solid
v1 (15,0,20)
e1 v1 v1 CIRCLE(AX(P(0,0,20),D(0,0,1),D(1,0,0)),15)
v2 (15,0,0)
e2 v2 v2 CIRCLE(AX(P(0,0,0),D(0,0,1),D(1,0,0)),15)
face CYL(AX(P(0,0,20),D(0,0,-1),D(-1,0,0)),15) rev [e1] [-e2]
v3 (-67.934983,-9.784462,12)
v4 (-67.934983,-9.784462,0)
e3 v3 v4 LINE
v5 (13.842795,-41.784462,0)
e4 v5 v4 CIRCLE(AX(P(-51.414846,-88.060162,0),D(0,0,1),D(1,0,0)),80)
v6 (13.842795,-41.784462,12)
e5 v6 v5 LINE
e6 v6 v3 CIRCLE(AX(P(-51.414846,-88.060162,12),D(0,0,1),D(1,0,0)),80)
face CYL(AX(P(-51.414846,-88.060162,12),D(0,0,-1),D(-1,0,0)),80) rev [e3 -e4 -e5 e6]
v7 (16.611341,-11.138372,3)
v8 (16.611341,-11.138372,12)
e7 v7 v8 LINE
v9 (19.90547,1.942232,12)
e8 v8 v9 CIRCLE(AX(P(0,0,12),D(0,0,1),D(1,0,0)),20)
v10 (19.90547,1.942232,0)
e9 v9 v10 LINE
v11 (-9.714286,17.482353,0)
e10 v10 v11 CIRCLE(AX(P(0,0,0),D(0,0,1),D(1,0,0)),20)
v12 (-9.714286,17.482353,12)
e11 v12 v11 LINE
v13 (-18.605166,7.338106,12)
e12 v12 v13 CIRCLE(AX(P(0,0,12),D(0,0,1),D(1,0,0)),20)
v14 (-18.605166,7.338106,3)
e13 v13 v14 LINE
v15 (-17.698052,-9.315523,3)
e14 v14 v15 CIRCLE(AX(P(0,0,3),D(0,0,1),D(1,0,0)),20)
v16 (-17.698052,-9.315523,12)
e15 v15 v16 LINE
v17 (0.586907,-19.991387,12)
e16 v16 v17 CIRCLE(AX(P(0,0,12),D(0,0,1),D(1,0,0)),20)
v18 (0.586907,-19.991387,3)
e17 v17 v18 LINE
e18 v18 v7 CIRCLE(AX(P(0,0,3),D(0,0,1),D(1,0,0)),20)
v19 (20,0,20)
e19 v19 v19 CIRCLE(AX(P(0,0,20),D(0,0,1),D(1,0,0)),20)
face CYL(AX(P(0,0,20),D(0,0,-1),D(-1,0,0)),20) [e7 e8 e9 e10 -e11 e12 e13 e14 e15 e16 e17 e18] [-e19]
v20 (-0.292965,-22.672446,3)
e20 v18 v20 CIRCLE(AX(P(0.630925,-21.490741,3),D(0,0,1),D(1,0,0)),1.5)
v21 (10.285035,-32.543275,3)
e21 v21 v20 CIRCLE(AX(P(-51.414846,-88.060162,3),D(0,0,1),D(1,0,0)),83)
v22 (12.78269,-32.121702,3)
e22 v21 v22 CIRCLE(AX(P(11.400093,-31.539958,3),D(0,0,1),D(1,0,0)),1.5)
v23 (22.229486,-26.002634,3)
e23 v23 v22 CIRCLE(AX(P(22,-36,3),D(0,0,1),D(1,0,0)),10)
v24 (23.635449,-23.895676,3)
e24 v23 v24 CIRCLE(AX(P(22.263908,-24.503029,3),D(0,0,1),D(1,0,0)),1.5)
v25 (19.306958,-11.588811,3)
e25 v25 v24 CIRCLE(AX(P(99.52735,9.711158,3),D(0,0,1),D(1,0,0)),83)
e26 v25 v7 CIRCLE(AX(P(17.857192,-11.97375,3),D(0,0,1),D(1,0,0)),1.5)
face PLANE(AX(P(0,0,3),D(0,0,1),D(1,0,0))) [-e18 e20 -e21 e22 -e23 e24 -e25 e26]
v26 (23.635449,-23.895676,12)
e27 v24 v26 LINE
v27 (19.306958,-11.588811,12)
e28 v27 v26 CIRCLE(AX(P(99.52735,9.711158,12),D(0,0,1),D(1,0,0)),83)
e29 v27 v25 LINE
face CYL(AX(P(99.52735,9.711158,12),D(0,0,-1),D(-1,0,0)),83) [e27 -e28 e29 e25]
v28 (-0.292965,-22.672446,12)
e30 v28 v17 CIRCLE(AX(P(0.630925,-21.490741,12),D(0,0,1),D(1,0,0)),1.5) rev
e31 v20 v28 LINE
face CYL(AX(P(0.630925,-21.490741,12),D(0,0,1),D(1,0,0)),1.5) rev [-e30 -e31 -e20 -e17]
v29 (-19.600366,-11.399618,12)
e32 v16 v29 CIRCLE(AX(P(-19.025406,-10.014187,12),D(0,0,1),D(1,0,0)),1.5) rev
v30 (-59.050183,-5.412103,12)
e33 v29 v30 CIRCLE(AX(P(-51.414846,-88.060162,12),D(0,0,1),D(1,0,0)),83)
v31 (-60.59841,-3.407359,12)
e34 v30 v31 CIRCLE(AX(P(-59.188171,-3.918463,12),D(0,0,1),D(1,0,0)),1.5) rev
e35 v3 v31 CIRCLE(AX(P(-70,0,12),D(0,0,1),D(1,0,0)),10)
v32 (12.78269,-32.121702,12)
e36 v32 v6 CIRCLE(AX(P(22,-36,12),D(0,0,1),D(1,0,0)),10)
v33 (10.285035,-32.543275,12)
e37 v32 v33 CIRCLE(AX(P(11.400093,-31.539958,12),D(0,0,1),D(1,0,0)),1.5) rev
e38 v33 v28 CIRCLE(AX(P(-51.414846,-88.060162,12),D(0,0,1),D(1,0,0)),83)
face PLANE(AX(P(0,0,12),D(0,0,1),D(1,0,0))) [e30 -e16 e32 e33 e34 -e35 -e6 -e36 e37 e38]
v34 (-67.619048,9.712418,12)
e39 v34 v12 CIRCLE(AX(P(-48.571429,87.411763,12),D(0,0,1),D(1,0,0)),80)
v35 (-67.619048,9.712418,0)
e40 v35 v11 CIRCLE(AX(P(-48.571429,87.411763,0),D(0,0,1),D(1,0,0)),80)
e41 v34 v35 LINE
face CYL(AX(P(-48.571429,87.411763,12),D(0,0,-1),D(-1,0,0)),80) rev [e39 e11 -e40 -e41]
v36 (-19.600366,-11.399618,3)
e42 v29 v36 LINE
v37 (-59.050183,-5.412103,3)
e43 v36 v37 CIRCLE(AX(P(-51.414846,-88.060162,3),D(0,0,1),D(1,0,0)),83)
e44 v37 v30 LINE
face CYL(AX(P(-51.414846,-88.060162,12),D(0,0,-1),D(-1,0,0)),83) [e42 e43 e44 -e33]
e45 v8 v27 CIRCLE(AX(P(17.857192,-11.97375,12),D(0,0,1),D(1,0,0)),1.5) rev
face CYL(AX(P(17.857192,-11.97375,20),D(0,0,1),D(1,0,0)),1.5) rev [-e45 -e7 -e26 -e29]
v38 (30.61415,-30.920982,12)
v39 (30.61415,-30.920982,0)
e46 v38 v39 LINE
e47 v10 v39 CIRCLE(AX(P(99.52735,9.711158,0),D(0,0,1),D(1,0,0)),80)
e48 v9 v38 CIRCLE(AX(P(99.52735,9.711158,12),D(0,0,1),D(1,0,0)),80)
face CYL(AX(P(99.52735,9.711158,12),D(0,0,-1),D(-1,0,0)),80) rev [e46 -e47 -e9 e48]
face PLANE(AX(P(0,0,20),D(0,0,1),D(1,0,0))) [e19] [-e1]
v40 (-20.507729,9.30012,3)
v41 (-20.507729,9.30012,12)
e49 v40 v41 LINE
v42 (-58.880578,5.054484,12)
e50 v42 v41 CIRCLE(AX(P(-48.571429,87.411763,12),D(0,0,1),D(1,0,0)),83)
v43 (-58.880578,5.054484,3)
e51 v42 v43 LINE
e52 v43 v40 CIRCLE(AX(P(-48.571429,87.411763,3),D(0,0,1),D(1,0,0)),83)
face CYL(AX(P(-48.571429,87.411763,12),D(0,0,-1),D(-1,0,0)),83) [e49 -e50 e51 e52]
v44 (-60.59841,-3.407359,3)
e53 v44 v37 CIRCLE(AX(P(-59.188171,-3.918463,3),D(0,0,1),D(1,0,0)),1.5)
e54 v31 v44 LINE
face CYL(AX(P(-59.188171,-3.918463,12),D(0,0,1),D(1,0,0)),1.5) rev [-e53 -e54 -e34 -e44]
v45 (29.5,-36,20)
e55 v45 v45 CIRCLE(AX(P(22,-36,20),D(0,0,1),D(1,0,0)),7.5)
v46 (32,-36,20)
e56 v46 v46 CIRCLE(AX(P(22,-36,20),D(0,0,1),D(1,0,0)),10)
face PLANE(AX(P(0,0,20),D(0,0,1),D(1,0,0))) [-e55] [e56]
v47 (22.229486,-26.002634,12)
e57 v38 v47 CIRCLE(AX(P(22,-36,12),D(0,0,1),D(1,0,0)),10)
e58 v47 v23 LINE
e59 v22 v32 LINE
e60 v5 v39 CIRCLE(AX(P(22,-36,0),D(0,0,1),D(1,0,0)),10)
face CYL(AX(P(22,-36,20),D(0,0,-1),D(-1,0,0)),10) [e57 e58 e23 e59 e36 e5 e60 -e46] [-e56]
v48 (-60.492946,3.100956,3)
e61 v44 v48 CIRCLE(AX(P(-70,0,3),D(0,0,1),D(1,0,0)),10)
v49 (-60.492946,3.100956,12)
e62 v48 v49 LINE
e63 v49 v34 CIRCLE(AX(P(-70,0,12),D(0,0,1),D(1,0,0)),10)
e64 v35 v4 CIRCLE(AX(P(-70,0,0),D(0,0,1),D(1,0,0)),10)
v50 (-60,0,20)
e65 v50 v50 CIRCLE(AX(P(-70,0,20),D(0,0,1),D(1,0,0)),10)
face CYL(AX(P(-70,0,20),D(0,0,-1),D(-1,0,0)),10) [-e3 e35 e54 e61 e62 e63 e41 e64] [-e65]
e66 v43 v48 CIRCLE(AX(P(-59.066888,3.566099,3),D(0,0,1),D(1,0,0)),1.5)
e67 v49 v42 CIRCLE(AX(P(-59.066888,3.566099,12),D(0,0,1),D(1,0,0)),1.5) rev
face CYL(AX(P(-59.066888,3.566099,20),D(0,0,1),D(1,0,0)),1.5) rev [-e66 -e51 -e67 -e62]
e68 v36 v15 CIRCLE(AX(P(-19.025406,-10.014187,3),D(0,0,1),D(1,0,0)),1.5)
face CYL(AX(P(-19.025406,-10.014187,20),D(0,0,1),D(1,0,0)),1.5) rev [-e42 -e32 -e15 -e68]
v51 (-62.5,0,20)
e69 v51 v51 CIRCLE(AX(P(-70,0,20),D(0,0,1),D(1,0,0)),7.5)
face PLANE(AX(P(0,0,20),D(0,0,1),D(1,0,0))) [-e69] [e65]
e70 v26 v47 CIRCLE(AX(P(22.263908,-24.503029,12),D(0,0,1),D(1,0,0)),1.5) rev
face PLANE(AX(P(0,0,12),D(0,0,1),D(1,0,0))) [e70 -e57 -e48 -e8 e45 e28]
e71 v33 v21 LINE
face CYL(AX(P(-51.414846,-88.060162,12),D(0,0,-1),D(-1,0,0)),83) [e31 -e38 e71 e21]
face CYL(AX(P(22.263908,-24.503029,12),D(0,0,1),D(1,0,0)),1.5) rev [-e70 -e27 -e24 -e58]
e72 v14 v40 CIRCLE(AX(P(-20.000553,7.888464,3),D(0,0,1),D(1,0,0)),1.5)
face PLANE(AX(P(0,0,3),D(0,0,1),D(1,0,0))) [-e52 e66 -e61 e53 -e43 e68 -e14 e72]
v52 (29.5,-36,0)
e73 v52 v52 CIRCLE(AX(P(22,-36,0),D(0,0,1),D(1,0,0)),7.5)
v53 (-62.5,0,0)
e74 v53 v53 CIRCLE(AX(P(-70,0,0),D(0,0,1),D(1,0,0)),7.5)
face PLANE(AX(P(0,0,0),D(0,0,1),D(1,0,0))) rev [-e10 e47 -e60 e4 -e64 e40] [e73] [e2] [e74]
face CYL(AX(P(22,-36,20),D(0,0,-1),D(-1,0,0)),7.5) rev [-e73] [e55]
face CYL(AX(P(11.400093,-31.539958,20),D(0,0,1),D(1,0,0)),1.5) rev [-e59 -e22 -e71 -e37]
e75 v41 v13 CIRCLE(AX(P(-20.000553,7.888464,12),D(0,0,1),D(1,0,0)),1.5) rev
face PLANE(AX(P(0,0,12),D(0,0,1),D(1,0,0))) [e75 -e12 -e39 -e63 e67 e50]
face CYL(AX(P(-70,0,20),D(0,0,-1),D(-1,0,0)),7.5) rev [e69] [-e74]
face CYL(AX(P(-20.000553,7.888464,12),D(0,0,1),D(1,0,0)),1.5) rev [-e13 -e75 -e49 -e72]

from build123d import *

# Parameters (mm, degrees)
SKETCH1_R           = 20
BOSS_EXTRUDE4_DEPTH = 20
SKETCH1_10_R        = 10
SKETCH1_10_R_2      = 7.5
SKETCH1_10_R_3      = 15
BOSS_EXTRUDE5_DEPTH = 20
SKETCH1_11_R        = 15
CUT_EXTRUDE1_DEPTH  = 20
BOSS_EXTRUDE6_DEPTH = 12
BOSS_EXTRUDE7_DEPTH = 3
FILLET1_R           = 1.5


with BuildPart() as part:
    # Sketch1 → Boss-Extrude4 (new body)
    with BuildSketch(Plane.XY):
        Circle(SKETCH1_R)
    extrude(amount=BOSS_EXTRUDE4_DEPTH)

    # Sketch1<10> → Boss-Extrude5 (add)
    # profile 1 of 3: a face of its own
    with BuildSketch(Plane.XY):
        with Locations((-70, 0)):
            Circle(SKETCH1_10_R)
        with Locations((-70, 0)):
            Circle(SKETCH1_10_R_2, mode=Mode.SUBTRACT)
    # profile 2 of 3: a face of its own
    with BuildSketch(Plane.XY):
        with Locations((22, -36)):
            Circle(SKETCH1_10_R)
        with Locations((22, -36)):
            Circle(SKETCH1_10_R_2, mode=Mode.SUBTRACT)
    # profile 3 of 3: a face of its own
    with BuildSketch(Plane.XY):
        Circle(SKETCH1_10_R_3)
    extrude(amount=BOSS_EXTRUDE5_DEPTH)


with BuildPart() as boss_extrude5_piece_1:
    # of the separate pieces the step leaves, piece 1, a body of its own (boss_extrude5_pieces)
    add(part.part.solids().sort_by_distance((20, 0, 0))[0])

    # Sketch1<11> → Cut-Extrude1 (cut)
    with BuildSketch(Plane.XY):
        Circle(SKETCH1_11_R)
    extrude(amount=CUT_EXTRUDE1_DEPTH, mode=Mode.SUBTRACT)



with BuildPart() as boss_extrude5_piece_2:
    # of the separate pieces the step leaves, piece 2, a body of its own (boss_extrude5_pieces)
    add(part.part.solids().sort_by_distance((32, -36, 0))[0])


with BuildPart() as boss_extrude5_piece_3:
    # of the separate pieces the step leaves, piece 3, a body of its own (boss_extrude5_pieces)
    add(part.part.solids().sort_by_distance((-60, 0, 0))[0])


with BuildPart() as boss_extrude5_piece_1_1:
    add(boss_extrude5_piece_1.part)

    add(boss_extrude5_piece_2.part)  # Boss-Extrude6 merges Boss-Extrude5 piece 2

    add(boss_extrude5_piece_3.part)  # Boss-Extrude6 merges Boss-Extrude5 piece 3
    # Sketch1<12> → Boss-Extrude6 (add)
    with BuildSketch(Plane.XY):
        with BuildLine():
            ThreePointArc((-67.619047619, 9.712418121), (-64.207085766, 8.151205106), (-61.610700763, 5.442394539))
            ThreePointArc((-61.610700763, 5.442394539), (-38.89416694, 4.977846482), (-16.902840155, 10.690836951))
            ThreePointArc((-16.902840155, 10.690836951), (-13.734956085, 14.537915303), (-9.714285714, 17.482352618))
            ThreePointArc((-9.714285714, 17.482352618), (-37.932007586, 8.122402385), (-67.619047619, 9.712418121))
        make_face()
        with BuildLine():
            ThreePointArc((-14.595467543, -13.673782476), (-37.607048321, -6.216745586), (-61.791440547, -5.711352878))
            ThreePointArc((-61.791440547, -5.711352878), (-64.474228629, -8.334617613), (-67.934982867, -9.784462389))
            ThreePointArc((-67.934982867, -9.784462389), (-22.262897918, -13.560739124), (13.842794911, -41.784462389))
            ThreePointArc((13.842794911, -41.784462389), (12.285119236, -38.370884169), (12.095188973, -34.623512255))
            ThreePointArc((12.095188973, -34.623512255), (4.201963756, -26.450336843), (-4.733552286, -19.431764787))
            ThreePointArc((-4.733552286, -19.431764787), (-10.084212511, -17.271614228), (-14.595467543, -13.673782476))
        make_face()
        with BuildLine():
            ThreePointArc((30.614150003, -30.920982406), (23.463789692, -15.074619609), (19.905470006, 1.94223167))
            ThreePointArc((19.905470006, 1.94223167), (19.767704174, -3.039386732), (18.402586233, -7.832293401))
            ThreePointArc((18.402586233, -7.832293401), (21.047204692, -17.304888513), (24.793712928, -26.398168504))
            ThreePointArc((24.793712928, -26.398168504), (28.135861436, -28.103722115), (30.614150003, -30.920982406))
        make_face()
    extrude(amount=BOSS_EXTRUDE6_DEPTH)

    # Sketch1<13> → Boss-Extrude7 (add)
    with BuildSketch(Plane.XY):
        with BuildLine():
            ThreePointArc((-61.610700763, 5.442394539), (-60.001312654, -0.162022728), (-61.791440547, -5.711352878))
            ThreePointArc((-61.791440547, -5.711352878), (-37.607048321, -6.216745586), (-14.595467543, -13.673782476))
            ThreePointArc((-14.595467543, -13.673782476), (-19.910914517, -1.885598869), (-16.902840155, 10.690836951))
            ThreePointArc((-16.902840155, 10.690836951), (-38.89416694, 4.977846482), (-61.610700763, 5.442394539))
        make_face()
        with BuildLine():
            ThreePointArc((18.402586233, -7.832293401), (8.963679846, -17.878826685), (-4.733552286, -19.431764787))
            ThreePointArc((-4.733552286, -19.431764787), (4.201963756, -26.450336843), (12.095188973, -34.623512255))
            ThreePointArc((12.095188973, -34.623512255), (16.563457073, -27.606907543), (24.793712928, -26.398168504))
            ThreePointArc((24.793712928, -26.398168504), (21.047204692, -17.304888513), (18.402586233, -7.832293401))
        make_face()
    extrude(amount=BOSS_EXTRUDE7_DEPTH)

    # Fillet1
    fillet1_edges = [boss_extrude5_piece_1_1.edges().sort_by_distance(p)[0] for p in [
        (12.095188973, -34.623512255, 7.5),
        (24.793712928, -26.398168504, 7.5),
        (-4.733552286, -19.431764787, 7.5),
        (18.402586233, -7.832293401, 7.5),
        (-14.595467543, -13.673782476, 7.5),
        (-16.902840155, 10.690836951, 7.5),
        (-61.791440547, -5.711352878, 7.5),
        (-61.610700763, 5.442394539, 7.5),
    ]]
    fillet(fillet1_edges, radius=FILLET1_R)


solid = boss_extrude5_piece_1_1.part
